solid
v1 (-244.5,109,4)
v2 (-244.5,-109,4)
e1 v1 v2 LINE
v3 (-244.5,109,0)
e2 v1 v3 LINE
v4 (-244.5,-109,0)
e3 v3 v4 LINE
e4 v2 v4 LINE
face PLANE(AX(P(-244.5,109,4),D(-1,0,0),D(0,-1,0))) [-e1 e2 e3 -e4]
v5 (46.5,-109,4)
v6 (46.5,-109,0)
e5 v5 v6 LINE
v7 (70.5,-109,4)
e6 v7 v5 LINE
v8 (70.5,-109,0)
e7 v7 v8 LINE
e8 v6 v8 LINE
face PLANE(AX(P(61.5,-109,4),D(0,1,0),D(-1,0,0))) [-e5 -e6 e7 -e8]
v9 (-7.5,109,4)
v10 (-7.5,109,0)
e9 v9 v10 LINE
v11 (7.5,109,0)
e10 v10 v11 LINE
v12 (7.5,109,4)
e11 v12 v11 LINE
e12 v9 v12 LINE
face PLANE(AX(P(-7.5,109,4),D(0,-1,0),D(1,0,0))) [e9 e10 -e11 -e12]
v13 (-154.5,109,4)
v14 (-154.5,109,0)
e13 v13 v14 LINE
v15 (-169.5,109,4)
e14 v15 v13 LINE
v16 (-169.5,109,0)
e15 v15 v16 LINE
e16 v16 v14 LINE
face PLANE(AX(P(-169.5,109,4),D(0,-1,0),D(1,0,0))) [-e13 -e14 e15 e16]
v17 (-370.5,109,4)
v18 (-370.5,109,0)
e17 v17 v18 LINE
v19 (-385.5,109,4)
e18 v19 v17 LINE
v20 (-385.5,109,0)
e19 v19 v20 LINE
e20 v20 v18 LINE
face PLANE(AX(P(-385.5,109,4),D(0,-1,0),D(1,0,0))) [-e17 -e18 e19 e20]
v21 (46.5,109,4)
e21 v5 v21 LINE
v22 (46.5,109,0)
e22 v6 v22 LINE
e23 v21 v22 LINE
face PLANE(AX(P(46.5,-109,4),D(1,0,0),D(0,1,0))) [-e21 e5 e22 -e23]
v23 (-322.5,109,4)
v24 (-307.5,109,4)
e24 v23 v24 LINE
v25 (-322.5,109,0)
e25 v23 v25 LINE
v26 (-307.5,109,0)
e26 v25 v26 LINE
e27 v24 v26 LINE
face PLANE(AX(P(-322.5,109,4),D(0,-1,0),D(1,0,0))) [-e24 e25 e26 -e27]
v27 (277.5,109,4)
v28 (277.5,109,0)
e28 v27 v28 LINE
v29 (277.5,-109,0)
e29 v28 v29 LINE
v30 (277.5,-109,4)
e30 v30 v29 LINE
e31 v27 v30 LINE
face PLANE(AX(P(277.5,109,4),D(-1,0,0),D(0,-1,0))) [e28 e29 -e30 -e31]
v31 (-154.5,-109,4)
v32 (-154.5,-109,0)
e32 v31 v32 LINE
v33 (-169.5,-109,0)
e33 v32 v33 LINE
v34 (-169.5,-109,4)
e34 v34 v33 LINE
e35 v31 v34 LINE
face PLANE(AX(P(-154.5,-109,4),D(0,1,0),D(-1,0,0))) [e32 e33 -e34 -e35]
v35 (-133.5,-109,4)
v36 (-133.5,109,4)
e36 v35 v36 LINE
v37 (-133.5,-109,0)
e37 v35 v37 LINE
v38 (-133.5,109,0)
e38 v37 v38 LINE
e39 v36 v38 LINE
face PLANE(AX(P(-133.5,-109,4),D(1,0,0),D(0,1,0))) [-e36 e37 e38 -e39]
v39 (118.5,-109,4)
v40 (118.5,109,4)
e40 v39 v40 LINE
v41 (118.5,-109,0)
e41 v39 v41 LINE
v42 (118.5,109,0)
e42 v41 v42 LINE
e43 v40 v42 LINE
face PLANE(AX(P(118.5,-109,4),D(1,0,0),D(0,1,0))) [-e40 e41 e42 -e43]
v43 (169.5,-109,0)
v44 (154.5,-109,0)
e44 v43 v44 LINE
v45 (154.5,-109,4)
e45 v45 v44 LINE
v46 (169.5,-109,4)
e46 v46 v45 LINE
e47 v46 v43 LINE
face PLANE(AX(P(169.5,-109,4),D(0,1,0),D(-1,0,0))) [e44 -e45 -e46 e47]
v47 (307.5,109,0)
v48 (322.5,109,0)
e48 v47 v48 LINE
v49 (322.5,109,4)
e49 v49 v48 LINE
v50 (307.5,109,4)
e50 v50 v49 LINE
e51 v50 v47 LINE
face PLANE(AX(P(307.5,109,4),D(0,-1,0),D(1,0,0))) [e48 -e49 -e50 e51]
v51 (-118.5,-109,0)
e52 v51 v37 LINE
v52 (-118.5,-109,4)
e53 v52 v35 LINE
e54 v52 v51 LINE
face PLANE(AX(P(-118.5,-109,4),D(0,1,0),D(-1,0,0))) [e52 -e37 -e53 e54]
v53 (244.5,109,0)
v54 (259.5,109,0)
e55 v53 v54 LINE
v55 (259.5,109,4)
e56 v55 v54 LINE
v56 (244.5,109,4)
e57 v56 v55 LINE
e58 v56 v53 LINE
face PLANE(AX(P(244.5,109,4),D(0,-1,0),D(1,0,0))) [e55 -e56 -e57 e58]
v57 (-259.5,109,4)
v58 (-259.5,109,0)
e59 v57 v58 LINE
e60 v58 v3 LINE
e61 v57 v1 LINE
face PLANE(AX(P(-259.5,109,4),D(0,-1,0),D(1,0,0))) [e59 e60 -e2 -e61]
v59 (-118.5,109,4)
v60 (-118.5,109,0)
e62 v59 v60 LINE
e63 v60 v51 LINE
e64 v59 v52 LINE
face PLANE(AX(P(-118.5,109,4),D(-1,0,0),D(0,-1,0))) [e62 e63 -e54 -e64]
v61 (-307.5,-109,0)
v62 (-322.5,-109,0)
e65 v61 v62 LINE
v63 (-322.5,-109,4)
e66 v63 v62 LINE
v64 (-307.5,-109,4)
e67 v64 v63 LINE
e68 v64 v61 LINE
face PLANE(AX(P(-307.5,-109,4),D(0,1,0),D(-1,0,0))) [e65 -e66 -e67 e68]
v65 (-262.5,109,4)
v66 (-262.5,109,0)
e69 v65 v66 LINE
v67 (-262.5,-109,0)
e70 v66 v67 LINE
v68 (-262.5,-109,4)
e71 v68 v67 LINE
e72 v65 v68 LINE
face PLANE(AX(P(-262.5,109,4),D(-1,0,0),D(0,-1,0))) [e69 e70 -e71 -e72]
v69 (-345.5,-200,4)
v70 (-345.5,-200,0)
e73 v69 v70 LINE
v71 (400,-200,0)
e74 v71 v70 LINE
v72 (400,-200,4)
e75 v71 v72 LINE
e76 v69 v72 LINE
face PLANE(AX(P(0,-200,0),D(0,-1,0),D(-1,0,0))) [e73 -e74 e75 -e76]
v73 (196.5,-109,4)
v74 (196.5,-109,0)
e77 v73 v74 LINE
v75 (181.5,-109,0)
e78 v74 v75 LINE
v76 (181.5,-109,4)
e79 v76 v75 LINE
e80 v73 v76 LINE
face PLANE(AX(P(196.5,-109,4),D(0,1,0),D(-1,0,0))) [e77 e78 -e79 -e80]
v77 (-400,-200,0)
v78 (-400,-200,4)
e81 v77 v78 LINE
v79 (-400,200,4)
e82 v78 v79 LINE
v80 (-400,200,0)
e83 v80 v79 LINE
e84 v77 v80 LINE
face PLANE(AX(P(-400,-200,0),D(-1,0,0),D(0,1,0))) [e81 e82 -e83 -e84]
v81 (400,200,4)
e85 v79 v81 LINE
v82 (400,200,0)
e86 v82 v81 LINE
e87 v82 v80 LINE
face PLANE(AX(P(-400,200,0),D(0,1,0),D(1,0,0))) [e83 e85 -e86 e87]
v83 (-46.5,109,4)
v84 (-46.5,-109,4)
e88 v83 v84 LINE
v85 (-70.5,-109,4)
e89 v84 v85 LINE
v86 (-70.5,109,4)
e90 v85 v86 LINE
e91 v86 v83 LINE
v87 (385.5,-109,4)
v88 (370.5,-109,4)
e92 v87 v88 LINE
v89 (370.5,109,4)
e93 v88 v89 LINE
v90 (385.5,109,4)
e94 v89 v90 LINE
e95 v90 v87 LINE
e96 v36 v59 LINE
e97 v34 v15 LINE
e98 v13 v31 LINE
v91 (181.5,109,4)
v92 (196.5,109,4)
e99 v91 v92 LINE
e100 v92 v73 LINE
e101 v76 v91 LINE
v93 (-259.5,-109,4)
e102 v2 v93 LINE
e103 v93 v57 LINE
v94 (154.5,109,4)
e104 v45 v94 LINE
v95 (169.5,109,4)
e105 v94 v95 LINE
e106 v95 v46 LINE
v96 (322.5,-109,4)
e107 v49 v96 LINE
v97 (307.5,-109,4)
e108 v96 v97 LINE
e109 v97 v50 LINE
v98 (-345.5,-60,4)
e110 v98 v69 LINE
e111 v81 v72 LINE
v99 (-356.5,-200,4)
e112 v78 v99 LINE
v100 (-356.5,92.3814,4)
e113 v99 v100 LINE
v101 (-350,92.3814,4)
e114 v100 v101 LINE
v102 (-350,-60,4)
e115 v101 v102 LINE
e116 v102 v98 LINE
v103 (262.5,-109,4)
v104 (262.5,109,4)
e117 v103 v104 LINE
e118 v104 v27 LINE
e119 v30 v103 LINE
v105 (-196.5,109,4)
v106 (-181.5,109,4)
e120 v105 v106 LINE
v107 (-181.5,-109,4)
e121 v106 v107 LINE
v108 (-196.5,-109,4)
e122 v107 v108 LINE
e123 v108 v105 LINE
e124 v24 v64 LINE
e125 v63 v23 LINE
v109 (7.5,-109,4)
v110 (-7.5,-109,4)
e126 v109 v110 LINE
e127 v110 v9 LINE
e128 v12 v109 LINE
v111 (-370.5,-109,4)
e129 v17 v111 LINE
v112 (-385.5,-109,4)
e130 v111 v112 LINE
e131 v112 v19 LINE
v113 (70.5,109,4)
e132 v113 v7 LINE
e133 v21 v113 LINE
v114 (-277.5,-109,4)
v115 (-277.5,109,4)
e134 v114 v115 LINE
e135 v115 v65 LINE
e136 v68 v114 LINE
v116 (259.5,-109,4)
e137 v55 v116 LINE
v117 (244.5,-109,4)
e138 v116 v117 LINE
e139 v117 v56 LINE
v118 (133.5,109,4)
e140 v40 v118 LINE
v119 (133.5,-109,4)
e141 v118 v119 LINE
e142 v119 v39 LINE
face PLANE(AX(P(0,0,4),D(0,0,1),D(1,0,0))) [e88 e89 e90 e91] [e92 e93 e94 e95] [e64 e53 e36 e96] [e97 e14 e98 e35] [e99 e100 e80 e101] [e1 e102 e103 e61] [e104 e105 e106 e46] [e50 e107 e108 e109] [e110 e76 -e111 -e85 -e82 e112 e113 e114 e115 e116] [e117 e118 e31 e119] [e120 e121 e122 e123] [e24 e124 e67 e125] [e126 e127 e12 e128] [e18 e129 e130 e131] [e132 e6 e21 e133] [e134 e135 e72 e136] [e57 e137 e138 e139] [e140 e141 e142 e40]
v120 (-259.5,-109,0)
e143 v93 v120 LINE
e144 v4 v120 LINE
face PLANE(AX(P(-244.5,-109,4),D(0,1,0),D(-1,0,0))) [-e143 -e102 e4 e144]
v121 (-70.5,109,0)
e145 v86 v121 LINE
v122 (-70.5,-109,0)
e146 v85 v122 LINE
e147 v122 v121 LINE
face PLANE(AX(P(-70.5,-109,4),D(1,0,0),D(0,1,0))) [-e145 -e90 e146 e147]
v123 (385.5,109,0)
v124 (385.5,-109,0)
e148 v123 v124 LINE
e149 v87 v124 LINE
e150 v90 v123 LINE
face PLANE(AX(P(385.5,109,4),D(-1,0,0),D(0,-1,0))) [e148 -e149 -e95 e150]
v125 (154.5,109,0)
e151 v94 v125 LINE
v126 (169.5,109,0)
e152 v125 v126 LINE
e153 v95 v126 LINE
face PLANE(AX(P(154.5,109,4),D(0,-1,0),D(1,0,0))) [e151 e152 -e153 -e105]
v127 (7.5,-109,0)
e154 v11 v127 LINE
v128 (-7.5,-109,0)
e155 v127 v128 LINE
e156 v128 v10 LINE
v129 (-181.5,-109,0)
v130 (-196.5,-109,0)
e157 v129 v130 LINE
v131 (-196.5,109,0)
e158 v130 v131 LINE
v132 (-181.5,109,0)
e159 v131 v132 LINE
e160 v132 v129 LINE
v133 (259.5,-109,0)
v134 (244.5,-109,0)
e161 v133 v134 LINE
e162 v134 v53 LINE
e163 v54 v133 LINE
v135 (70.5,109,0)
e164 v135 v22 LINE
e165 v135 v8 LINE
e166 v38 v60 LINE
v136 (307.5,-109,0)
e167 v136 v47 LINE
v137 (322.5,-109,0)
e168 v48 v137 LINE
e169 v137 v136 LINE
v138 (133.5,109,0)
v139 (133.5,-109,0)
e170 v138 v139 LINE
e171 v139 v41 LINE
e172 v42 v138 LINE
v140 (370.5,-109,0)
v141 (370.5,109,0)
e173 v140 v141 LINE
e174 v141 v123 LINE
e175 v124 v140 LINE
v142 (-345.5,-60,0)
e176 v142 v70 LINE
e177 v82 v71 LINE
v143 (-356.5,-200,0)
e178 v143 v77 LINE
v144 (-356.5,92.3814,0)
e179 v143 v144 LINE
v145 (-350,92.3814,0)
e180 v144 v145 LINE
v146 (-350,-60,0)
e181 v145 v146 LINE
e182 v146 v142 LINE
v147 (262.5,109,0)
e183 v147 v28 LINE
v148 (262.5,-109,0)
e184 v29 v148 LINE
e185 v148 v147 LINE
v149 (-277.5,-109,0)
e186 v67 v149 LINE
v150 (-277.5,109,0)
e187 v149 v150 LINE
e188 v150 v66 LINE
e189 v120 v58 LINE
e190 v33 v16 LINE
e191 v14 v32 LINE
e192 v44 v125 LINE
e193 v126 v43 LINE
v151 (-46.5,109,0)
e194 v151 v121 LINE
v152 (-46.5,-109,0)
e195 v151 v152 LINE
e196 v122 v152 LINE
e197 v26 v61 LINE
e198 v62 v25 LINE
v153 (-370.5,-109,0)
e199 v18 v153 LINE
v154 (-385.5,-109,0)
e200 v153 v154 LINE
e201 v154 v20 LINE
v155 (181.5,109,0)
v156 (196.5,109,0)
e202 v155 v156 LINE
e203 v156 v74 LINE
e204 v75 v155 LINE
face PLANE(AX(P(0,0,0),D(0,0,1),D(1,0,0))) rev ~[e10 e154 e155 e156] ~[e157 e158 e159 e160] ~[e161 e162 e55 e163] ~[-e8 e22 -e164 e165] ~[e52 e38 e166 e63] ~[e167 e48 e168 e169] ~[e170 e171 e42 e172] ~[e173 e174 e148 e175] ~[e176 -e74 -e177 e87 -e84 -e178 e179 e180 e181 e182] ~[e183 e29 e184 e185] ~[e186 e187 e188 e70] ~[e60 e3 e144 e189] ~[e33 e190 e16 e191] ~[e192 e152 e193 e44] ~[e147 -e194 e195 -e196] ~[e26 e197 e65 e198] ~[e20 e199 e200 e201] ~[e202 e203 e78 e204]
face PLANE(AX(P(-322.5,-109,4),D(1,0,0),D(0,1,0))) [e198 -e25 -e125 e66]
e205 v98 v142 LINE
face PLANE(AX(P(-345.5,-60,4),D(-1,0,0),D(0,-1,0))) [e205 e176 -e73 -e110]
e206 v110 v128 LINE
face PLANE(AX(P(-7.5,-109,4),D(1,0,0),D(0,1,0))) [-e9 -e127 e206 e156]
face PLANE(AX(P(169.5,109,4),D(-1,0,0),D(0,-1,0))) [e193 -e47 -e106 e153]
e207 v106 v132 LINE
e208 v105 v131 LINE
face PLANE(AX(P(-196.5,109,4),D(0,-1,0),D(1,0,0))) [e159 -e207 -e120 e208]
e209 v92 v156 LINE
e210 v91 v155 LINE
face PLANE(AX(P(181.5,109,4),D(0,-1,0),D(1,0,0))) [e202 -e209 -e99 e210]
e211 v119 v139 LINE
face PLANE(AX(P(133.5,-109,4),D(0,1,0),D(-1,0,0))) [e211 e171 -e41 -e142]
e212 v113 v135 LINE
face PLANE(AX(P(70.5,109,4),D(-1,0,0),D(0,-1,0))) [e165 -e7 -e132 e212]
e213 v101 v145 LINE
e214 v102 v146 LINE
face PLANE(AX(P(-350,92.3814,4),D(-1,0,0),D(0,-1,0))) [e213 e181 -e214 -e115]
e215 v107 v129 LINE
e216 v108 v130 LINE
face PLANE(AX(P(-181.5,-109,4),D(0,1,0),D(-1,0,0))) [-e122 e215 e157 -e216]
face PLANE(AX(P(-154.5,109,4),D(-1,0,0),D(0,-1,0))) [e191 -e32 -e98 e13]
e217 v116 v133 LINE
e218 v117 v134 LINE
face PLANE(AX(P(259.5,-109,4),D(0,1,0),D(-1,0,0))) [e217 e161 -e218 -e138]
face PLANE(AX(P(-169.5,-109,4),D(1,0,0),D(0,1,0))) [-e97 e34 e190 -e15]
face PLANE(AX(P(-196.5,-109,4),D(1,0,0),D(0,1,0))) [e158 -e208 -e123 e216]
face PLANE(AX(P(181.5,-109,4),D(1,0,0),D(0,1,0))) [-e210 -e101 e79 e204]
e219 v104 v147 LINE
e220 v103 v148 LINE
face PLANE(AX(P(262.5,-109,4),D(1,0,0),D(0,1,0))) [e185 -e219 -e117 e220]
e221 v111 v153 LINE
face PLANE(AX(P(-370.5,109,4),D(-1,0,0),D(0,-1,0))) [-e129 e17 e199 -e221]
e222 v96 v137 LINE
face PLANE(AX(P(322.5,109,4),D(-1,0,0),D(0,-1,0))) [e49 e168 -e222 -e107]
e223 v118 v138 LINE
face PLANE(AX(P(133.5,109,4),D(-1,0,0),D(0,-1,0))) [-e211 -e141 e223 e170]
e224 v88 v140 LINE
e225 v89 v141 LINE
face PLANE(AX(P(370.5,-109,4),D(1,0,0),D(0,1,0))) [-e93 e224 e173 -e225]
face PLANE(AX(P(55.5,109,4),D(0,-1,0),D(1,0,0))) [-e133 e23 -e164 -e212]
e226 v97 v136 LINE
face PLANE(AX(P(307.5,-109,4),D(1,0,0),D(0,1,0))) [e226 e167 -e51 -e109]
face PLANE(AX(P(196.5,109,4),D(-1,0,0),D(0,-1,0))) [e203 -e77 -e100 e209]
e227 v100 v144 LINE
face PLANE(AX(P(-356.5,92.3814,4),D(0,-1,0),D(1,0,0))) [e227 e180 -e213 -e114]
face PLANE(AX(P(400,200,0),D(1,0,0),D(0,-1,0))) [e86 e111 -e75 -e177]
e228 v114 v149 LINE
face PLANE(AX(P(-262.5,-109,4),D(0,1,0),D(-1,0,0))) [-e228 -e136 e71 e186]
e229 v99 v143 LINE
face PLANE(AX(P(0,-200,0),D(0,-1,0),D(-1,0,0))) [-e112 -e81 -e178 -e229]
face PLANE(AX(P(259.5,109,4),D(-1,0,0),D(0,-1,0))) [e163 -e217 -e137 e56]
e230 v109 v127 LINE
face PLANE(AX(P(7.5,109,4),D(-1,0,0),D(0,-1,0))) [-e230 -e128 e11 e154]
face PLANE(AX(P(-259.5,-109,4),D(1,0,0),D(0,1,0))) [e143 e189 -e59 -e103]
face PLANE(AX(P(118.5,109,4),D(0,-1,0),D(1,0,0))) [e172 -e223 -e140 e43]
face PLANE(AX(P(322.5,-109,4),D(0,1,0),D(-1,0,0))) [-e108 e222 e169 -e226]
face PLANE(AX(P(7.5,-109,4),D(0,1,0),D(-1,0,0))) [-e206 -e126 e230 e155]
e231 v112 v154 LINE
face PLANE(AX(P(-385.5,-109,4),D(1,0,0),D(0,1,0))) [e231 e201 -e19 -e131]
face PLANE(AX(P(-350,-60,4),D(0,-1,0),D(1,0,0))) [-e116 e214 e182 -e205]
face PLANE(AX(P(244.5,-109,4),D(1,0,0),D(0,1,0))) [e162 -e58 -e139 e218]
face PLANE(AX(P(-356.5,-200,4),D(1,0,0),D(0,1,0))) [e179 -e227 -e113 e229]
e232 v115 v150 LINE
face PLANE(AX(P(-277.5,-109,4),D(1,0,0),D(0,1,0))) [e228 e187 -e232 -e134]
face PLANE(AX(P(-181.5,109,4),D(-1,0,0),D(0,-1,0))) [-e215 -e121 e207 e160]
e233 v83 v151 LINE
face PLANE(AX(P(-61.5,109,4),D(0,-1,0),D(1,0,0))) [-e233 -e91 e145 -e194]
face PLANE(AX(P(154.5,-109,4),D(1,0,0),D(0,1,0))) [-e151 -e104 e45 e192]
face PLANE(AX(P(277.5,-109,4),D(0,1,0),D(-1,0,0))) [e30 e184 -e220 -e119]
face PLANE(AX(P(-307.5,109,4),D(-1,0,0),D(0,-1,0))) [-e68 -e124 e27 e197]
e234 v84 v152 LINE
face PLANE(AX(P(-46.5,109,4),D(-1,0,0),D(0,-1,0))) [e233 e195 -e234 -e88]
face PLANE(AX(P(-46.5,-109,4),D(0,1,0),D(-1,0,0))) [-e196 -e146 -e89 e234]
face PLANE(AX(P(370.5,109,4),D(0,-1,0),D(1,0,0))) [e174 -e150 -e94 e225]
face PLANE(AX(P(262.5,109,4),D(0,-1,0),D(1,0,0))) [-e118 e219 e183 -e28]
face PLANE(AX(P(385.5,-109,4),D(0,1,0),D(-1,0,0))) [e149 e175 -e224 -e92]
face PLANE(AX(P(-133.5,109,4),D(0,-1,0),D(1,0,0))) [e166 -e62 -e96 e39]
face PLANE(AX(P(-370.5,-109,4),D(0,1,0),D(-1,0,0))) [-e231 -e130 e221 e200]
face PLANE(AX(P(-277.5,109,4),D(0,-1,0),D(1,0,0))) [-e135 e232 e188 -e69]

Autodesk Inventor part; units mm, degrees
ref_plane "YZ Plane" through (0, 0, 0) normal (1, 0, 0) x (0, 1, 0)
ref_plane "XZ Plane" through (0, 0, 0) normal (0, 1, 0) x (-1, 0, 0)
sketch "ferrite_layer_outline_sketch" plane through (0, 0, 0) normal (0, 0, 1) x (1, 0, 0)
  line L0 (-400, 200) -> (400, 200)
  line L1 (400, 200) -> (400, -200)
  line L2 (400, -200) -> (-400, -200)
  line L3 (-400, -200) -> (-400, 200)
  line L4 (0, 200) -> (0, -200) construction
  line L5 (0, 136.1953) -> (0, -273.5408) construction
  line L6 (0, 200) -> (0, -200)
  point P0 (0, 0)
  point P1 (0, 0)
  point P2 (0, 0)
  dimension "d85" = 800
  dimension "d86" = 400
extrude "Sheet Extrude" add sketch "ferrite_layer_outline_sketch" along normal blind 4
ref_plane "acrylic_sheet_plane" through (0, 0, 4) normal (0, 0, 1) x (1, 0, 0)
sketch "Sketch4" plane through (0, 0, 4) normal (0, 0, 1) x (1, 0, 0)
  line L0 (-385.5, 109) -> (-370.5, 109)
  line L1 (-370.5, 109) -> (-370.5, -109)
  line L2 (-370.5, -109) -> (-385.5, -109)
  line L3 (-385.5, -109) -> (-385.5, 109)
  line L4 (-12.6534, 0) -> (47.471, 0)
  line L5 (-400, 200) -> (-400, -200) projected
  line L6 (400, 200) -> (-400, 200) projected
  line L7 (-400, -200) -> (400, -200) projected
  point P0 (0, 0)
  point P1 (-385.5, 0)
  point P2 (-400, 0)
  dimension "d43" = 15
  dimension "d44" = 218
  dimension "d45" = 14.5
extrude "Extrusion9" cut sketch "Sketch4" against normal through all
pattern_linear "Rectangular Pattern 7 fer" count 7 spacing 126 along (1, 0, 0) of "Extrusion9"
pattern_linear "Rectangular Pattern 8 fer" count 8 spacing 108 along (1, 0, 0) of "Extrusion9"
pattern_linear "pattern_test_#_of_ferrites 9 fer" [suppressed]
pattern_linear "Rectangular Pattern 10 fer" [suppressed]
pattern_linear "Rectangular Pattern 13" count 13 spacing 63 along (1, 0, 0) of "Extrusion9"
sketch "dimension_layout_sketch" plane through (0, 0, 4) normal (0, 0, 1) x (1, 0, 0)
  line L0 (-400, 200) -> (-400, -200) projected
  line L1 (400, -200) -> (400, 200) projected
  line L2 (400, 200) -> (-400, 200) projected
  line L3 (-400, -200) -> (400, -200) projected
  line L4 (-400, 150) -> (400, 150)
  line L5 (400, 150) -> (400, -150)
  line L6 (400, -150) -> (-400, -150)
  line L7 (-400, -150) -> (-400, 150)
  line L8 (0, 150) -> (0, -150) construction
  line L9 (-400, 200) -> (-400, -200) construction
  circle A0 centre (-359.2579, 182.7315) radius 4
  point P0 (0, 0)
  dimension "d87" = 300
  dimension "d88" = 8
sketch "wire_guide_layout_sketch" plane through (0, 0, 4) normal (0, 0, 1) x (1, 0, 0)
  line L0 (-400, -200) -> (400, -200) projected
  line L1 (-356.5, 92.3814) -> (-350, 92.3814)
  line L2 (-350, 92.3814) -> (-350, -200)
  line L3 (-350, -200) -> (-356.5, -200)
  line L4 (-356.5, -200) -> (-356.5, 92.3814)
  line L5 (-400, 200) -> (-400, -200) projected
  line L6 (-385.5, 109) -> (-370.5, 109) projected
  line L7 (-350, -60) -> (-345.5, -60)
  line L8 (-345.5, -60) -> (-345.5, -200)
  line L9 (-345.5, -200) -> (-350, -200)
  point P0 (0, 0)
  dimension "d89" = 43.5
  dimension "d90" = 6.5
  dimension "d91" = 140
  dimension "d92" = 4.5
extrude "wire_guide Cut" cut sketch "wire_guide_layout_sketch" against normal through all
equation "\"d85\" = track_length"
equation "\"d86\" = layer_width"
equation "\"d43\" = ferrite_width"
equation "\"d44\" = ferrite_length"
equation "\"d45\" = edge_gap_distance"
equation "\"d50\" = parameter_5"
equation "\"d62\" = test_parameter_5"
equation "\"d87\" = track_width"
equation "\"d88\" = bolt_diameter"
equation "\"track_length\" = 800"
equation "\"track_width\" = 300"
equation "\"edge_gap_distance\" = 14.5"
equation "\"ferrite_length\" = 218"
equation "\"ferrite_width\" = 15"
equation "\"number_of_ferrites\" = 7"
equation "\"acrylic_sheet_8mm\" = 8"
equation "\"layer_width\" = 400"
equation "\"bolt_diameter\" = 8"
equation "\"layer_length\" = 800"
equation "\"real_sheet_width\" = 500"
equation "\"ferrite_height\" = 8"
equation "\"parameter_2\" = 30"
equation "\"parameter_6\" = 120"
equation "\"number_of_bolts\" = 5"
equation "\"x_offset_for_bolts\" = 75"
equation "\"y_offset_for_bolts\" = 175"
equation "\"wire_diameter\" = 4.5"
equation "\"distance_between_wires\" = -1.2 * wire_diameter + 0.2 * parameter_6"
equation "\"distance_between_wires_edge\" = -1.5 * wire_diameter + 0.5 * parameter_2"
equation "\"bend_radius_inner\" = 15"
equation "\"wall_length\" = track_length"
equation "\"wall_width\" = -0.5 * track_width + 0.5 * layer_width"
equation "\"wall_thickness\" = 25"
equation "\"parameter_5\" = 126"
equation "\"test_parameter_5\" = 94.5"
properties part number "ferrite_layer_dex_1R1"
